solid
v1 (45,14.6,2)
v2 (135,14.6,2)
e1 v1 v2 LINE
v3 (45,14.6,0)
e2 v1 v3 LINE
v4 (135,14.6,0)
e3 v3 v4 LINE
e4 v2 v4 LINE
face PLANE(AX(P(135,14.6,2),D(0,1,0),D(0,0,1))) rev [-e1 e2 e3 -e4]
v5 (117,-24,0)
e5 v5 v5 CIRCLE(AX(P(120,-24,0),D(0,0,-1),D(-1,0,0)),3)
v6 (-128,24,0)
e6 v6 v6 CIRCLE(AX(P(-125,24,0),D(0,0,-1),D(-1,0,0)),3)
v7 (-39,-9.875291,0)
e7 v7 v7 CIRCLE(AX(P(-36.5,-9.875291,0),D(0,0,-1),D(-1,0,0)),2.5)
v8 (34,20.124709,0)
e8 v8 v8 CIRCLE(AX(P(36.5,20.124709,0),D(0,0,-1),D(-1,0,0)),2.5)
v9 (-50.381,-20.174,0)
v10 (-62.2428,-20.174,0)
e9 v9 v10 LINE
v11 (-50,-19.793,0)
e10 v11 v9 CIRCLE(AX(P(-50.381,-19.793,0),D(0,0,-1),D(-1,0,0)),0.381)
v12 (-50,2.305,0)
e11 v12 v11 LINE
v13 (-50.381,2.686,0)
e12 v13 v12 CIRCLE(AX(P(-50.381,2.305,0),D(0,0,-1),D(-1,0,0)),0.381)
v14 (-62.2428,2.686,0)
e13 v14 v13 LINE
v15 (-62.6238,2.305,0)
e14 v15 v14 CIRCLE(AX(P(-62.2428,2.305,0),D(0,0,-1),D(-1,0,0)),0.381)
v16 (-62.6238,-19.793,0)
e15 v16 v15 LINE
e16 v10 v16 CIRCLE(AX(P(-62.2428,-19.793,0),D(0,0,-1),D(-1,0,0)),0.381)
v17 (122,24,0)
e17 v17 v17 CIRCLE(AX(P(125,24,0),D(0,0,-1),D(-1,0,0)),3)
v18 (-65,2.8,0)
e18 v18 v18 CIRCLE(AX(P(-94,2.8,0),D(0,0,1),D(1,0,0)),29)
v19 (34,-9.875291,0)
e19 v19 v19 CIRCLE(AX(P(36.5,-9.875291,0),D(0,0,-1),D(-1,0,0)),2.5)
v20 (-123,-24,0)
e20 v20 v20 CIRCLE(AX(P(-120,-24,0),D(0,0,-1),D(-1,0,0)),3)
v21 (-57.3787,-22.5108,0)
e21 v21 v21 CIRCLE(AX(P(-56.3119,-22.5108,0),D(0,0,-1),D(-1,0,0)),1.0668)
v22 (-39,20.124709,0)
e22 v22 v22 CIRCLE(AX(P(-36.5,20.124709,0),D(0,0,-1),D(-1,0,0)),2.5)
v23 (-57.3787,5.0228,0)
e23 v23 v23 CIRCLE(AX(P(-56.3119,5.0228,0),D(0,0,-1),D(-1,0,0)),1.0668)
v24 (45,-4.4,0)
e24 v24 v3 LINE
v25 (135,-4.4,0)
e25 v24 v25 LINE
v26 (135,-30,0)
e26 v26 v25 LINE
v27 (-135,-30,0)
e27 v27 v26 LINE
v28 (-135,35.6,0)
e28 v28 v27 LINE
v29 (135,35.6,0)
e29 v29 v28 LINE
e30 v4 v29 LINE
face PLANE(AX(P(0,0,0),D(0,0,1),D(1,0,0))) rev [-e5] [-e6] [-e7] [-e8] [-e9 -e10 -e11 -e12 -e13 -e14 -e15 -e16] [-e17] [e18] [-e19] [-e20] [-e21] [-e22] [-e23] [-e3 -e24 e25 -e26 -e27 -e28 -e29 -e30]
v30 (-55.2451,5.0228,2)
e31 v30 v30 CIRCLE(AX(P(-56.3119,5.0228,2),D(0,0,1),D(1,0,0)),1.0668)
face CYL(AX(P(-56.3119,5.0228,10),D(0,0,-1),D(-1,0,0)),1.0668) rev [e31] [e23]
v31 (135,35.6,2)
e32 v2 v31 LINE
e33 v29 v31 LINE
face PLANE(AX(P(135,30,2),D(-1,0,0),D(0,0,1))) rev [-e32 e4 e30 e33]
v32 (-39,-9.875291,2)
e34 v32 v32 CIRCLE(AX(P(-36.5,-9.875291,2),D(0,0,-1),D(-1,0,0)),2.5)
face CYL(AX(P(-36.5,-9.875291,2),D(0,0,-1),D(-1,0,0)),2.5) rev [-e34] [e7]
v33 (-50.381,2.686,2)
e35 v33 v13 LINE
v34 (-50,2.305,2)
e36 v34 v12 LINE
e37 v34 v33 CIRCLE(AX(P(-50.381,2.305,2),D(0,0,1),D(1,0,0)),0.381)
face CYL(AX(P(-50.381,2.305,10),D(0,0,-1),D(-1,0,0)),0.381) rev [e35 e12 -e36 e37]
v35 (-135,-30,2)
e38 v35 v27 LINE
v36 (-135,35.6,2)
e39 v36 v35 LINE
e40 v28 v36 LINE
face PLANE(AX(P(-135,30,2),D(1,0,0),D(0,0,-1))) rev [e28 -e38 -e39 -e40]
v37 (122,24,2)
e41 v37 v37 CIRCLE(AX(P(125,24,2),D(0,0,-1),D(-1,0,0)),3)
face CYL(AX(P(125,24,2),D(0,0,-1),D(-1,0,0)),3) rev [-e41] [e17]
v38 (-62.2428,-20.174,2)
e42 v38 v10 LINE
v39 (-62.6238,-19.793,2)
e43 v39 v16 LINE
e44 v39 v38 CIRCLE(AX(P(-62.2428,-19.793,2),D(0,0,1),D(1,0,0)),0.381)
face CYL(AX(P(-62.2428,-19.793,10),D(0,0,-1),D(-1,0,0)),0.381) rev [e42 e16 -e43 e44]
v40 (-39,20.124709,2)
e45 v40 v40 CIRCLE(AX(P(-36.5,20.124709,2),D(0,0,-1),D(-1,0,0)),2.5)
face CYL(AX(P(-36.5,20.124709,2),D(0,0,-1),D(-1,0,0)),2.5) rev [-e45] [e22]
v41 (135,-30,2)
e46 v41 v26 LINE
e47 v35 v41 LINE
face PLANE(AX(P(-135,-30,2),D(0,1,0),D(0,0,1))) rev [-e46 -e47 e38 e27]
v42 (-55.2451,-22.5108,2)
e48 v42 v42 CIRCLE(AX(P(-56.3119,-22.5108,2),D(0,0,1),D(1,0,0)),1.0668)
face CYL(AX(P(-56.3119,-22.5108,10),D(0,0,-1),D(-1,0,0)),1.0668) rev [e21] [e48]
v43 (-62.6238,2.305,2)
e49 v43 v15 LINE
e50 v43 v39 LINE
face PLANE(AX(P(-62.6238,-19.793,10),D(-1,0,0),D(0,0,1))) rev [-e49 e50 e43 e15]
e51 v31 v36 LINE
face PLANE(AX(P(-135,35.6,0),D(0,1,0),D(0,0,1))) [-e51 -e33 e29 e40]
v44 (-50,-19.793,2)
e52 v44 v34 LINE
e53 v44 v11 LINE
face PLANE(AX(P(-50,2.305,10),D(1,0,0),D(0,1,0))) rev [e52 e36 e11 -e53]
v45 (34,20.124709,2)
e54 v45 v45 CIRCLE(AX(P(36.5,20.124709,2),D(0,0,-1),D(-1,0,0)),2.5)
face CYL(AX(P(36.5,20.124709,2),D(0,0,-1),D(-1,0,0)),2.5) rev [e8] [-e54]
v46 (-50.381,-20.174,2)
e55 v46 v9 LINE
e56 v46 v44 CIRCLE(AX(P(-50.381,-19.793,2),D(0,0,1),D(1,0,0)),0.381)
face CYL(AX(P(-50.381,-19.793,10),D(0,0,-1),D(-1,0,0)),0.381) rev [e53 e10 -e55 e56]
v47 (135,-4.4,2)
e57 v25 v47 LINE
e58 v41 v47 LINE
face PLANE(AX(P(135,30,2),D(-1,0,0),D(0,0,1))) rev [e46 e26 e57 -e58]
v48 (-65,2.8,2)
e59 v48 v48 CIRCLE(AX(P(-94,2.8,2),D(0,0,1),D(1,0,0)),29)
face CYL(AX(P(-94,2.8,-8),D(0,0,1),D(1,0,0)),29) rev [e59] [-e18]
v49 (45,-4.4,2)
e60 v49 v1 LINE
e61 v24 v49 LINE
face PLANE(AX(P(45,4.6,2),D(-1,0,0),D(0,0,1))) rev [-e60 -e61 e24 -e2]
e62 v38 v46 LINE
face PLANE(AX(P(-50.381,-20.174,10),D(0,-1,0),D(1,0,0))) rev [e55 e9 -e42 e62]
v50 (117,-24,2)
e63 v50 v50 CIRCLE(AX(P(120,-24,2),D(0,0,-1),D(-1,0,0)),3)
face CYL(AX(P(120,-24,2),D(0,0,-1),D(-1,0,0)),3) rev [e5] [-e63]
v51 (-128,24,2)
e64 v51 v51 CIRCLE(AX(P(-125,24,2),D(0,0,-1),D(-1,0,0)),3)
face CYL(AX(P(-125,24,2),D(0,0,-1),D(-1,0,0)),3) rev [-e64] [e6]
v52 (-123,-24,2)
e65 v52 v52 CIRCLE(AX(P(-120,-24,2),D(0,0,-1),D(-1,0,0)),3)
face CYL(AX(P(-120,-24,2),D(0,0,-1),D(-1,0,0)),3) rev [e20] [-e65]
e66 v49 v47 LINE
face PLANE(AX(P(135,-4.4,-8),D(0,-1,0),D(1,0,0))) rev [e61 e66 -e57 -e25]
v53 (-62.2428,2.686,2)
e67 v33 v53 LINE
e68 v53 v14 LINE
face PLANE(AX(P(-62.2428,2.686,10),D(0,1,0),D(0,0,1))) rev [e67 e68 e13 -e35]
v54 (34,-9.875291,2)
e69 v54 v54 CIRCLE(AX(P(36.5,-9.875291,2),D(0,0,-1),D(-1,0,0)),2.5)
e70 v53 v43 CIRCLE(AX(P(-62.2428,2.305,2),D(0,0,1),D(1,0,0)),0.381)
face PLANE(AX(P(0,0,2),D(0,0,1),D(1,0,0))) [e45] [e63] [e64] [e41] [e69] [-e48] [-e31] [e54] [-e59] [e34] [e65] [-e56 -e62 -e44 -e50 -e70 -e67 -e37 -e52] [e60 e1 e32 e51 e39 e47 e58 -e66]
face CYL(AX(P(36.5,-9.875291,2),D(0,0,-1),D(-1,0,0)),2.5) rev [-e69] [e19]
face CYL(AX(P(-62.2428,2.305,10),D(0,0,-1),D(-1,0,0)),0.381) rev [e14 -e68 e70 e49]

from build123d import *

# Parameters (mm, degrees)
SKETCH1_W           = 270
SKETCH1_H           = 60
BOSS_EXTRUDE1_DEPTH = 2
SKETCH6_W           = 270
SKETCH6_H           = 5.6
BOSS_EXTRUDE2_DEPTH = 2
SKETCH7_R           = 2.5
SKETCH7_R_2         = 3
CUT_EXTRUDE1_DEPTH  = 140.629366539
SKETCH8_W           = 90
SKETCH8_H           = 10
CUT_EXTRUDE2_DEPTH  = 140.629366539
SKETCH9_R           = 29
CUT_EXTRUDE3_DEPTH  = 10
SKETCH10_R          = 1.0668
CUT_EXTRUDE4_DEPTH  = 10
SKETCH11_W          = 90
SKETCH11_H          = 9
CUT_EXTRUDE5_DEPTH  = 10


with BuildPart() as part:
    # Sketch1 → Boss-Extrude1 (new body)
    with BuildSketch(Plane.XY):
        Rectangle(SKETCH1_W, SKETCH1_H)
    extrude(amount=BOSS_EXTRUDE1_DEPTH)

    # Sketch6 → Boss-Extrude2 (add)
    with BuildSketch(Plane.XY.offset(2)):
        with Locations((0, 32.8)):
            Rectangle(SKETCH6_W, SKETCH6_H)
    extrude(amount=-BOSS_EXTRUDE2_DEPTH)

    # Sketch7 → Cut-Extrude1 (cut, through all)
    with BuildSketch(Plane(origin=(0, 0, 0), x_dir=(-1, 0, 0), z_dir=(0, 0, -1))):
        with Locations((-36.5, 20.124709067)):
            Circle(SKETCH7_R)
        with Locations((-36.5, -9.875290933)):
            Circle(SKETCH7_R)
        with Locations((36.5, -9.875290933)):
            Circle(SKETCH7_R)
        with Locations((36.5, 20.124709067)):
            Circle(SKETCH7_R)
        with Locations((125, 24)):
            Circle(SKETCH7_R_2)
        with Locations((120, -24)):
            Circle(SKETCH7_R_2)
        with Locations((-125, 24)):
            Circle(SKETCH7_R_2)
        with Locations((-120, -24)):
            Circle(SKETCH7_R_2)
    extrude(amount=-CUT_EXTRUDE1_DEPTH, mode=Mode.SUBTRACT)

    # Sketch8 → Cut-Extrude2 (cut, through all)
    with BuildSketch(Plane(origin=(0, 0, 0), x_dir=(-1, 0, 0), z_dir=(0, 0, -1))):
        with Locations((-90, 9.6)):
            Rectangle(SKETCH8_W, SKETCH8_H)
    extrude(amount=-CUT_EXTRUDE2_DEPTH, mode=Mode.SUBTRACT)

    # Sketch9 → Cut-Extrude3 (cut)
    with BuildSketch(Plane.XY.offset(2)):
        with Locations((-94, 2.8)):
            Circle(SKETCH9_R)
    extrude(amount=-CUT_EXTRUDE3_DEPTH, mode=Mode.SUBTRACT)

    # Sketch10 → Cut-Extrude4 (cut)
    with BuildSketch(Plane(origin=(0, 0, 0), x_dir=(-1, 0, 0), z_dir=(0, 0, -1))):
        with Locations((56.3119, -22.5108)):
            Circle(SKETCH10_R)
        with Locations((56.3119, 5.0228)):
            Circle(SKETCH10_R)
        with BuildLine():
            Line((62.6238, -19.793), (62.6238, 2.305))
            ThreePointArc((62.6238, 2.305), (62.512207684, 2.574407684), (62.2428, 2.686))
            Line((62.2428, 2.686), (50.381, 2.686))
            ThreePointArc((50.381, 2.686), (50.111592316, 2.574407684), (50, 2.305))
            Line((50, 2.305), (50, -19.793))
            ThreePointArc((50, -19.793), (50.111592316, -20.062407684), (50.381, -20.174))
            Line((50.381, -20.174), (62.2428, -20.174))
            ThreePointArc((62.2428, -20.174), (62.512207684, -20.062407684), (62.6238, -19.793))
        make_face()
    extrude(amount=-CUT_EXTRUDE4_DEPTH, mode=Mode.SUBTRACT)

    # Sketch11 → Cut-Extrude5 (cut)
    with BuildSketch(Plane.XY.offset(2)):
        with Locations((90, 0.1)):
            Rectangle(SKETCH11_W, SKETCH11_H)
    extrude(amount=-CUT_EXTRUDE5_DEPTH, mode=Mode.SUBTRACT)


solid = part.part
